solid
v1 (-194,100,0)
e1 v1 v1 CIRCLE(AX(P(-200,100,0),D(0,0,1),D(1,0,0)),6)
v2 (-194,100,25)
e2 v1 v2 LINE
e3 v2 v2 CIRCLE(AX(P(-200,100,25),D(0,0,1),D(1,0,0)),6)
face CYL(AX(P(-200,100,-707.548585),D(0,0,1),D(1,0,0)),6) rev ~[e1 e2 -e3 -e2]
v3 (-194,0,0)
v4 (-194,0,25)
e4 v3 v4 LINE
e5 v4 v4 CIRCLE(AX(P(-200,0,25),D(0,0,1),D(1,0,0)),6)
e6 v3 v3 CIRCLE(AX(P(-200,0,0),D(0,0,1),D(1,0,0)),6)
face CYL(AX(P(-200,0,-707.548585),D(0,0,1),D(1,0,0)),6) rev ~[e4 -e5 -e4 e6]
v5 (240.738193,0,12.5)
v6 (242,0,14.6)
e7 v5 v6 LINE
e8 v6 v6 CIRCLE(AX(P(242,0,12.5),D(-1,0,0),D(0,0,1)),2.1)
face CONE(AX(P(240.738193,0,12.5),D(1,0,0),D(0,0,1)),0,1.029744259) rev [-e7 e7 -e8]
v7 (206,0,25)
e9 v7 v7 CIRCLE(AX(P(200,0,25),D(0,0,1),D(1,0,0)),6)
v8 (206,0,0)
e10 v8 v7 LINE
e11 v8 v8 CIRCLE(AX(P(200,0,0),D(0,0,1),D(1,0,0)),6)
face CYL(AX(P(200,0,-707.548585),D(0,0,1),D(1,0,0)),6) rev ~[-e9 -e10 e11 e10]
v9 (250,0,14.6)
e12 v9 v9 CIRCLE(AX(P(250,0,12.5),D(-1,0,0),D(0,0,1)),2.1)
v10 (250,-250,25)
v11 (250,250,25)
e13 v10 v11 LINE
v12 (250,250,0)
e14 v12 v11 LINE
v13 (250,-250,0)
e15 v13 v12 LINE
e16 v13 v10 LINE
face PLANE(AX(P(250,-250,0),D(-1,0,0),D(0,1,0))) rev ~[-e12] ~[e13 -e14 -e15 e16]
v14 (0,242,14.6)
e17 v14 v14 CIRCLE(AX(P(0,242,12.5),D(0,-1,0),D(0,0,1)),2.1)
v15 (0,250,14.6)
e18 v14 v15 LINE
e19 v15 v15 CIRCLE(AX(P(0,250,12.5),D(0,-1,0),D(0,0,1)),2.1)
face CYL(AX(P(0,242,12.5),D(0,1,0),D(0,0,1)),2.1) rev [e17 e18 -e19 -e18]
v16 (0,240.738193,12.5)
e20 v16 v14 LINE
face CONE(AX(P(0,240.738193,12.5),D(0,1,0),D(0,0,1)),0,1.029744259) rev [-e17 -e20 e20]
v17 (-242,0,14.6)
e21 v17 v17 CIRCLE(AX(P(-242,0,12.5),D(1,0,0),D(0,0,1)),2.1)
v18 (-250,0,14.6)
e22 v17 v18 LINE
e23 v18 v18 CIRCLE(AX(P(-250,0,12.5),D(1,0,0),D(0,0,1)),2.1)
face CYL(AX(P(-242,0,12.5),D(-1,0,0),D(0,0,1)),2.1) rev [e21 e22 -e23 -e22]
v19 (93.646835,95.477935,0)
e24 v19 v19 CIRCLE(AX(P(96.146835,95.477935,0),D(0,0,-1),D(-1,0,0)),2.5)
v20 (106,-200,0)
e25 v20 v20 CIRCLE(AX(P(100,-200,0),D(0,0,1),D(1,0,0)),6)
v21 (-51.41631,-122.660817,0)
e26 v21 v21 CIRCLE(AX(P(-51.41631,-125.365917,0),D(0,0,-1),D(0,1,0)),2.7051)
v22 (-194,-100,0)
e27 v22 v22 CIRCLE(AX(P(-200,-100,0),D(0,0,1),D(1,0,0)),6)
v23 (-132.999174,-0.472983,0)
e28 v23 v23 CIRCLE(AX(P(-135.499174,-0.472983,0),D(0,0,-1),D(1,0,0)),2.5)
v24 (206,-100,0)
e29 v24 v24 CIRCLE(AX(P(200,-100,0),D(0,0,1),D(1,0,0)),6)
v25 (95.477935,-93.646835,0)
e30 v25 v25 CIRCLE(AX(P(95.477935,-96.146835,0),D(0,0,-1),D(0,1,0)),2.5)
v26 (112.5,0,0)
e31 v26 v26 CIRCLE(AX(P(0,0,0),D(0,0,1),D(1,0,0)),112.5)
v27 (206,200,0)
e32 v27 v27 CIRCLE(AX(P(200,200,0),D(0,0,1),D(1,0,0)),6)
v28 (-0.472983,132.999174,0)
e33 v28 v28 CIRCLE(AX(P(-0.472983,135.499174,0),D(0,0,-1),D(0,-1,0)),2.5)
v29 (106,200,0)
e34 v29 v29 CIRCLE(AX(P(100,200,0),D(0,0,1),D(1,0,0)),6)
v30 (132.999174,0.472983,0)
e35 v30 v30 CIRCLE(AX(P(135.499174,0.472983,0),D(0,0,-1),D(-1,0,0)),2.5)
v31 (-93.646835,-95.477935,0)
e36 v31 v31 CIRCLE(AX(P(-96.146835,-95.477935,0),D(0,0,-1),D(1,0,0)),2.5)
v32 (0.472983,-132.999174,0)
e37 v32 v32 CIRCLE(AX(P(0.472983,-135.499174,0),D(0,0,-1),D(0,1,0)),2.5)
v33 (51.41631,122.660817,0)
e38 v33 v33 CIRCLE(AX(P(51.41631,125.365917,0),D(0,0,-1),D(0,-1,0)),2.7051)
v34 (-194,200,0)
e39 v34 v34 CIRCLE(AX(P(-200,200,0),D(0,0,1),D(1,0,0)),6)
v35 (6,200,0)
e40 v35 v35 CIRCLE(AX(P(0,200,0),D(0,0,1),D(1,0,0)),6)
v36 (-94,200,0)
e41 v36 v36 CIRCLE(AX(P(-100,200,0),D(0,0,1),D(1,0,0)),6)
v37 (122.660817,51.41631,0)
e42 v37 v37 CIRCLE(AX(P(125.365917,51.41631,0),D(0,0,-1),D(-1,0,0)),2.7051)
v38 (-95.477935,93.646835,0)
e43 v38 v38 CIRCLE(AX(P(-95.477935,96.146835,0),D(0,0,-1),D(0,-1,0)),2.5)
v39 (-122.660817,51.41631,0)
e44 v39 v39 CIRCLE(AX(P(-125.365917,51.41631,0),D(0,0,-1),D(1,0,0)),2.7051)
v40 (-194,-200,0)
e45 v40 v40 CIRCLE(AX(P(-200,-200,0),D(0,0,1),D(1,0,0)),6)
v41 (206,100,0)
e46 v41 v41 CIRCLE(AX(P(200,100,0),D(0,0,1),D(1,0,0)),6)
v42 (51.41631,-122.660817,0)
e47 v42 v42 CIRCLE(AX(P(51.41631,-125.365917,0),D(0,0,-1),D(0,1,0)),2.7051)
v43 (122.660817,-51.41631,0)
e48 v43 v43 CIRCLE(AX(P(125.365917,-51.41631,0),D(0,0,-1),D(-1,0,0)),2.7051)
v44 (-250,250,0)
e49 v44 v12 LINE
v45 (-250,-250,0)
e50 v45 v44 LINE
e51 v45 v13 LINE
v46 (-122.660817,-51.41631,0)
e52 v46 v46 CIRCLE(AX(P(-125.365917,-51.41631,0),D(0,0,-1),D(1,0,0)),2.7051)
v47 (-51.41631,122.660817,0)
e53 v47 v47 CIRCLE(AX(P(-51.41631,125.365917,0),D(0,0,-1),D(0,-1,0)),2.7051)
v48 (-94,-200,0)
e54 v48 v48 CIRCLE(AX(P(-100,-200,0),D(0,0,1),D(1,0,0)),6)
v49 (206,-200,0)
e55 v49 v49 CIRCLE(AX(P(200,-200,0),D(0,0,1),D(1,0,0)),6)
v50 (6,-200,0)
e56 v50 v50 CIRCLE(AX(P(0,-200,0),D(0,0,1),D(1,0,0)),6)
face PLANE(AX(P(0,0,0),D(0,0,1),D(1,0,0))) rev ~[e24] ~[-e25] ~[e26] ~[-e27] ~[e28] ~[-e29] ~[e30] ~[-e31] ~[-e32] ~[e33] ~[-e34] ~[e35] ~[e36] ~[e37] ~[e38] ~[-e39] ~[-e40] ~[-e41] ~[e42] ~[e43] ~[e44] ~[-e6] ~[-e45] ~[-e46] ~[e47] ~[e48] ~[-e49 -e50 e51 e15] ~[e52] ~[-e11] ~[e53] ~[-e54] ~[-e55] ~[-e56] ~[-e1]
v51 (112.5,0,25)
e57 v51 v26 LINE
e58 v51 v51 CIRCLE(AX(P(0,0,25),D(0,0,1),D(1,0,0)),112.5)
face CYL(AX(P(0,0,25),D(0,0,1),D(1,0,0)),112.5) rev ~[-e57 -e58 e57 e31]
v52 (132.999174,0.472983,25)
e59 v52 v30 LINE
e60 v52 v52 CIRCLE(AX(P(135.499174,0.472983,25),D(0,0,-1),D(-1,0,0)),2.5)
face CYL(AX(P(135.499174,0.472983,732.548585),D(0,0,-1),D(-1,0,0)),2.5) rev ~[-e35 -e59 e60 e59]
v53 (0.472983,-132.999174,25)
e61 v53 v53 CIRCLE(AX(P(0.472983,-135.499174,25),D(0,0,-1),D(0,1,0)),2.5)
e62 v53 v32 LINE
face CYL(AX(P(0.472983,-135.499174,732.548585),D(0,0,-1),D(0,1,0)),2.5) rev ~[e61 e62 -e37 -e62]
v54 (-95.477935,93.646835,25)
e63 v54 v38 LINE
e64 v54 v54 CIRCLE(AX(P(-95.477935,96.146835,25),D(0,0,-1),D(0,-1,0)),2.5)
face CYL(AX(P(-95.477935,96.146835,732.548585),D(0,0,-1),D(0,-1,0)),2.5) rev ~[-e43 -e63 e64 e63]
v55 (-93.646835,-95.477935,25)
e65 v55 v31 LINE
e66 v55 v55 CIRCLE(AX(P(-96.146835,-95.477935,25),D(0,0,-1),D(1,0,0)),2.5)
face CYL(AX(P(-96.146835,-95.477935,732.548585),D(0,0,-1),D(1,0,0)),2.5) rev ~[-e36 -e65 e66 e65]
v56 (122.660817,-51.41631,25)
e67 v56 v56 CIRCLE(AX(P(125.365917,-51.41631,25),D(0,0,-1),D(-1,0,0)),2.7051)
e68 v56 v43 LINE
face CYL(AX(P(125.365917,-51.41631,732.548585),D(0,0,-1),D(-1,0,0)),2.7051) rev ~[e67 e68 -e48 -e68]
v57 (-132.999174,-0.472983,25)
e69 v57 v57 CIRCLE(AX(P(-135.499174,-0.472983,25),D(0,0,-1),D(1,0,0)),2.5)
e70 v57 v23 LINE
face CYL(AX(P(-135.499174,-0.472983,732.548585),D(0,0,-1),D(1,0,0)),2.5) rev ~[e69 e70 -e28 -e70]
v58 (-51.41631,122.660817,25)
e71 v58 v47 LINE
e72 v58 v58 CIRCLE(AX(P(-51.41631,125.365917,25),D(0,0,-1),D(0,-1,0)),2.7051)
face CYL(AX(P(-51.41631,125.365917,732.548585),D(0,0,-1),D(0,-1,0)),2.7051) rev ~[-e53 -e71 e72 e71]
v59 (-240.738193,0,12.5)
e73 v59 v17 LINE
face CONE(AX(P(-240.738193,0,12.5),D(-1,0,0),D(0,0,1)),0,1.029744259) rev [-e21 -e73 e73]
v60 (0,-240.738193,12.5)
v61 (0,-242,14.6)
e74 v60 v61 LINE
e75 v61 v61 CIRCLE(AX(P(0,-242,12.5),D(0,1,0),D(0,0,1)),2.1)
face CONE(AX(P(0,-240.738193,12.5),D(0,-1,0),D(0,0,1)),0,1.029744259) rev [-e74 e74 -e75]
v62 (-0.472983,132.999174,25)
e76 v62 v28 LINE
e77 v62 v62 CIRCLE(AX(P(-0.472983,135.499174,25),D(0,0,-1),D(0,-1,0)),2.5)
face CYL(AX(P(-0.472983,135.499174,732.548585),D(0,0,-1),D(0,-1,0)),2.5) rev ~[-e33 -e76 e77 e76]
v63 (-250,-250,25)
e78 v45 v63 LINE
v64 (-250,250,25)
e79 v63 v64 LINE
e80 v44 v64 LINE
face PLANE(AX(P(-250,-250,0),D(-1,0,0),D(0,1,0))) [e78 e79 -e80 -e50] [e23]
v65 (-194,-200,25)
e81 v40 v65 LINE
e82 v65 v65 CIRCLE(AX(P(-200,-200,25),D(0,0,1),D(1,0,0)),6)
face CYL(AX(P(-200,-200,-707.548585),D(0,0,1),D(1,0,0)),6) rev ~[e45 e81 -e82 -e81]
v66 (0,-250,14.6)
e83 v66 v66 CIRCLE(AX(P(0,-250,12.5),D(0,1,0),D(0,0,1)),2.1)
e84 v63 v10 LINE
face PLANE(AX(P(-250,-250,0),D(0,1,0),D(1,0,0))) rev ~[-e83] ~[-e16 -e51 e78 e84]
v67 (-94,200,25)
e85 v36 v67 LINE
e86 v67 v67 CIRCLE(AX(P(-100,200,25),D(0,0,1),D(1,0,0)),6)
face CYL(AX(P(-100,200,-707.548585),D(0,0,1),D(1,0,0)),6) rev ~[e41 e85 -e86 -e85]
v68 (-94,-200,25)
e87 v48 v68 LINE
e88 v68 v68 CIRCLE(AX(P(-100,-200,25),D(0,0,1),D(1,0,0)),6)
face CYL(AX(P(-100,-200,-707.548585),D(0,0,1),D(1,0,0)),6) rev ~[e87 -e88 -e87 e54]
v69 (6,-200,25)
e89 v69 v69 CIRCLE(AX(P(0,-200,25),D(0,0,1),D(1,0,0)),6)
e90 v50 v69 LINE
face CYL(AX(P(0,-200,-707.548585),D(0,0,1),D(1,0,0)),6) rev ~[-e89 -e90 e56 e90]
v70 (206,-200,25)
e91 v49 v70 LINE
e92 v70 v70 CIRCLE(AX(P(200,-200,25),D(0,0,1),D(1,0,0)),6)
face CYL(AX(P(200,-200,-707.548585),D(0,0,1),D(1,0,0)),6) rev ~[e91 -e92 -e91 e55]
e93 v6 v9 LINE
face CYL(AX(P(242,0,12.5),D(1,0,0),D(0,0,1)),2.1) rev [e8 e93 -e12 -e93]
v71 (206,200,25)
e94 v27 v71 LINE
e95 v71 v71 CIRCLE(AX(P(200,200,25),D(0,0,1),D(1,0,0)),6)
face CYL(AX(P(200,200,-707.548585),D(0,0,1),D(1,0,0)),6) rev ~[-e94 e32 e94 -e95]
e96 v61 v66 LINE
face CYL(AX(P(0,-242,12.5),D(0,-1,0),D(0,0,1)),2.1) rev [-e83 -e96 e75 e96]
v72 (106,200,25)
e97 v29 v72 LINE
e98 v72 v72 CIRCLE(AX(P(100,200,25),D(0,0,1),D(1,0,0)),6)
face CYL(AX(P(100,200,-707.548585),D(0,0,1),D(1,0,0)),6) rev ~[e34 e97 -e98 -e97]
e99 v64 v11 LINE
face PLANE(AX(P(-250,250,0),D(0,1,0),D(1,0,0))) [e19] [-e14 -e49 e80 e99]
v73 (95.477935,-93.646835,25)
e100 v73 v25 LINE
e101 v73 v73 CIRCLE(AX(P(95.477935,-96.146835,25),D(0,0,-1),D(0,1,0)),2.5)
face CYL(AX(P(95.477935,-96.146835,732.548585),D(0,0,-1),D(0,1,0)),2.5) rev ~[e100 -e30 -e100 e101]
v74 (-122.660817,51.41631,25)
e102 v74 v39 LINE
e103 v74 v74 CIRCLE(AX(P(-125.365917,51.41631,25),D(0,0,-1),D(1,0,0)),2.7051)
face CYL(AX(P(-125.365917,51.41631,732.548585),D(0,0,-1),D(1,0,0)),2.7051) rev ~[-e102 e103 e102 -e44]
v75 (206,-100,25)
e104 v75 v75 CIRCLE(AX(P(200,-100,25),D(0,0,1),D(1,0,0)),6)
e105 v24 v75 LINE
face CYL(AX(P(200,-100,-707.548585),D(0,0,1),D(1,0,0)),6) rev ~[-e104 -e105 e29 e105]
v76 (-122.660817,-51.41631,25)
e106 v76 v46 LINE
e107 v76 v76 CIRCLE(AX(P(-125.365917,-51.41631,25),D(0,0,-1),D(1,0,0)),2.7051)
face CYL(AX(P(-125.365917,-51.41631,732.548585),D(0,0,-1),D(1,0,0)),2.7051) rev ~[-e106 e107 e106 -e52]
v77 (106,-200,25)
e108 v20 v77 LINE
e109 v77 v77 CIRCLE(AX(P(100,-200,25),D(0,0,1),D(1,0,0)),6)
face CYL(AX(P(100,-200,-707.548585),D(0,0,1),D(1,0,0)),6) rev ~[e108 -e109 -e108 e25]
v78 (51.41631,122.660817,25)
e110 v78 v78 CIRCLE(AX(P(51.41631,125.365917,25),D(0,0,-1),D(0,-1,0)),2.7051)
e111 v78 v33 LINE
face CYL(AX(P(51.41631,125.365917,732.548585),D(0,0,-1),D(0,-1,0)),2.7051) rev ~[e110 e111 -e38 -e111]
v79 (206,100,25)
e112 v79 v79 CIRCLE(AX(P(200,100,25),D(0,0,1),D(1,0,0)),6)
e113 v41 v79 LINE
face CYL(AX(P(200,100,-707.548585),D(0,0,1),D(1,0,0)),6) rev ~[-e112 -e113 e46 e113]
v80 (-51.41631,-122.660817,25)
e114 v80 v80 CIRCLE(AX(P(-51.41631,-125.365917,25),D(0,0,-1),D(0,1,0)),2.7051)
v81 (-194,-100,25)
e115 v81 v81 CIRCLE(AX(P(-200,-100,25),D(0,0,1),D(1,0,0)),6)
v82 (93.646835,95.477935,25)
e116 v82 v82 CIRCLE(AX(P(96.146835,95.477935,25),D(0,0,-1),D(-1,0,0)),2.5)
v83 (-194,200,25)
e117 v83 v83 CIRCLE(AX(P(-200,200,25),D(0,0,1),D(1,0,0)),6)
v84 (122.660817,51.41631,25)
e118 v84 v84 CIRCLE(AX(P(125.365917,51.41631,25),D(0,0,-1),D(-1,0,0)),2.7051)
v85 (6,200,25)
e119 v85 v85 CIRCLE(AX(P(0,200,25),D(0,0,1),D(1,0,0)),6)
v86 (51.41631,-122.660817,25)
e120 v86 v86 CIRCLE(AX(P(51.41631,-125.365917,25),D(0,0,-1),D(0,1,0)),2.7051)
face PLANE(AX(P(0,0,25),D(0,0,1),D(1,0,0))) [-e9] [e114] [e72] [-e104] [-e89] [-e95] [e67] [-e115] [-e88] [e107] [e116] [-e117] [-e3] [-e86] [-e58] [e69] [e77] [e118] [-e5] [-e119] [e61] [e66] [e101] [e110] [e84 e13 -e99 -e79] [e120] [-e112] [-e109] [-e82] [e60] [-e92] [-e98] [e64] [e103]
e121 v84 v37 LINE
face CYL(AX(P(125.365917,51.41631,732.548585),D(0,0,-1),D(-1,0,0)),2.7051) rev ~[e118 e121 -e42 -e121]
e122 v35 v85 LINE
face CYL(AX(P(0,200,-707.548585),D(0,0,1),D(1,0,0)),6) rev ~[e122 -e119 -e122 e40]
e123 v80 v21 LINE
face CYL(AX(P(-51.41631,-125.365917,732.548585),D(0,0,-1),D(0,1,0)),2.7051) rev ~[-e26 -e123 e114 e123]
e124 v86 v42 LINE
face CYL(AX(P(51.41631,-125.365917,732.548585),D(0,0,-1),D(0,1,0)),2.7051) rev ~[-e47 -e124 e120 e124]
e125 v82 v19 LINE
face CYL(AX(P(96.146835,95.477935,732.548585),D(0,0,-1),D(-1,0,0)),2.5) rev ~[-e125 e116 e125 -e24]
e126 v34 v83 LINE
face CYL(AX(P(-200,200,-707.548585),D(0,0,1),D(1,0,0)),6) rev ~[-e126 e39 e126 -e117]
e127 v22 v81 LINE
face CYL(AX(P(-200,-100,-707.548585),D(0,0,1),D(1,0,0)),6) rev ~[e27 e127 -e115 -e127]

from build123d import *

# Parameters (mm, degrees)
SKETCH_4_W                  = 500
SKETCH_4_H                  = 500
EXTRUDE_2_DEPTH             = 25
SKETCH_9_R                  = 112.5
CUT_EXTRUDE_2_DEPTH         = 100
HOLE_WIZARD_1_4_28_2_D      = 5.4102
PATTERN_CIRCULAR_3_COUNT    = 4
M6X1_0_2_D                  = 5
PATTERN_CIRCULAR_4_COUNT    = 4
HOLE_WIZARD_M10_3_D         = 12
PATTERN_LINEAR_1_COUNT      = 5
PATTERN_LINEAR_1_PITCH      = 100
PATTERN_LINEAR_1_COUNT_DIR2 = 5
PATTERN_LINEAR_1_PITCH_DIR2 = 100
PATTERN_CIRCULAR_5_COUNT    = 4


with BuildPart() as part:
    # ｽｹｯﾁ4 → ﾎﾞｽ - 押し出し2 (new body)
    with BuildSketch(Plane.XY):
        Rectangle(SKETCH_4_W, SKETCH_4_H)
    extrude(amount=EXTRUDE_2_DEPTH)

    # ｽｹｯﾁ9 → ｶｯﾄ - 押し出し2 (cut)
    with BuildSketch(Plane.XY.offset(25)):
        Circle(SKETCH_9_R)
    extrude(amount=-CUT_EXTRUDE_2_DEPTH, mode=Mode.SUBTRACT)

    # 1/4-28 ねじ穴2 (through all)
    with Locations(Plane(origin=(125.365916841, 51.416309616, 25), x_dir=(1, 0, 0), z_dir=(0, 0, 1))):
        with Locations((0, 0), (0, -102.832619232)):
            hole_wizard_1_4_28_2 = Hole(HOLE_WIZARD_1_4_28_2_D / 2)

    # 円形ﾊﾟﾀｰﾝ3: 1/4-28 ねじ穴2 ×4 about axis
    pattern_circular_3_axis = Axis((0, 0, 0), (0, 0, 1))
    for i in range(1, PATTERN_CIRCULAR_3_COUNT):
        add(hole_wizard_1_4_28_2.rotate(pattern_circular_3_axis, i * 360 / PATTERN_CIRCULAR_3_COUNT), mode=Mode.SUBTRACT)

    # M6x1.0 ねじ穴2 (through all)
    with Locations(Plane(origin=(96.146834801, 95.47793545, 25), x_dir=(1, 0, 0), z_dir=(0, 0, 1))):
        with Locations((0, 0), (39.352339687, -95.004952183)):
            m6x1_0_2 = Hole(M6X1_0_2_D / 2)

    # 円形ﾊﾟﾀｰﾝ4: M6x1.0 ねじ穴2 ×4 about axis
    pattern_circular_4_axis = Axis((0, 0, 0), (0, 0, 1))
    for i in range(1, PATTERN_CIRCULAR_4_COUNT):
        add(m6x1_0_2.rotate(pattern_circular_4_axis, i * 360 / PATTERN_CIRCULAR_4_COUNT), mode=Mode.SUBTRACT)

    # M10 すきま穴3 (through all)
    with Locations(Plane(origin=(200, 200, 0), x_dir=(-1, 0, 0), z_dir=(0, 0, -1))):
        with Locations((0, 0)):
            hole_wizard_m10_3 = Hole(HOLE_WIZARD_M10_3_D / 2)

    # 直線ﾊﾟﾀｰﾝ1: Hole Wizard M10 _3 5 × 5, 9 skipped
    with Locations(*[(-i * PATTERN_LINEAR_1_PITCH, -j * PATTERN_LINEAR_1_PITCH_DIR2, 0) for i in range(PATTERN_LINEAR_1_COUNT) for j in range(PATTERN_LINEAR_1_COUNT_DIR2) if (i, j) not in ((0, 0), (1, 1), (1, 2), (1, 3), (2, 1), (2, 2), (2, 3), (3, 1), (3, 2), (3, 3))]):
        add(hole_wizard_m10_3, mode=Mode.SUBTRACT)

    # ｽｹｯﾁ27 → M5x0.8 ねじ穴2 (revolve, cut)
    with BuildSketch(Plane(origin=(-250, 0, 12.5), x_dir=(0, 0, 1), z_dir=(0, 1, 0))):
        Polygon((0, 0), (0, 9.2618073), (2.1, 8), (2.1, 0), align=None)
    m5x0_8_2 = revolve(axis=Axis((-256.35, 0, 12.5), (1, 0, 0)), mode=Mode.SUBTRACT)

    # 円形ﾊﾟﾀｰﾝ5: M5x0.8 ねじ穴2 ×4 about axis
    pattern_circular_5_axis = Axis((0, 0, -171.019585974), (0, 0, 1))
    for i in range(1, PATTERN_CIRCULAR_5_COUNT):
        add(m5x0_8_2.rotate(pattern_circular_5_axis, i * 360 / PATTERN_CIRCULAR_5_COUNT), mode=Mode.SUBTRACT)


solid = part.part
